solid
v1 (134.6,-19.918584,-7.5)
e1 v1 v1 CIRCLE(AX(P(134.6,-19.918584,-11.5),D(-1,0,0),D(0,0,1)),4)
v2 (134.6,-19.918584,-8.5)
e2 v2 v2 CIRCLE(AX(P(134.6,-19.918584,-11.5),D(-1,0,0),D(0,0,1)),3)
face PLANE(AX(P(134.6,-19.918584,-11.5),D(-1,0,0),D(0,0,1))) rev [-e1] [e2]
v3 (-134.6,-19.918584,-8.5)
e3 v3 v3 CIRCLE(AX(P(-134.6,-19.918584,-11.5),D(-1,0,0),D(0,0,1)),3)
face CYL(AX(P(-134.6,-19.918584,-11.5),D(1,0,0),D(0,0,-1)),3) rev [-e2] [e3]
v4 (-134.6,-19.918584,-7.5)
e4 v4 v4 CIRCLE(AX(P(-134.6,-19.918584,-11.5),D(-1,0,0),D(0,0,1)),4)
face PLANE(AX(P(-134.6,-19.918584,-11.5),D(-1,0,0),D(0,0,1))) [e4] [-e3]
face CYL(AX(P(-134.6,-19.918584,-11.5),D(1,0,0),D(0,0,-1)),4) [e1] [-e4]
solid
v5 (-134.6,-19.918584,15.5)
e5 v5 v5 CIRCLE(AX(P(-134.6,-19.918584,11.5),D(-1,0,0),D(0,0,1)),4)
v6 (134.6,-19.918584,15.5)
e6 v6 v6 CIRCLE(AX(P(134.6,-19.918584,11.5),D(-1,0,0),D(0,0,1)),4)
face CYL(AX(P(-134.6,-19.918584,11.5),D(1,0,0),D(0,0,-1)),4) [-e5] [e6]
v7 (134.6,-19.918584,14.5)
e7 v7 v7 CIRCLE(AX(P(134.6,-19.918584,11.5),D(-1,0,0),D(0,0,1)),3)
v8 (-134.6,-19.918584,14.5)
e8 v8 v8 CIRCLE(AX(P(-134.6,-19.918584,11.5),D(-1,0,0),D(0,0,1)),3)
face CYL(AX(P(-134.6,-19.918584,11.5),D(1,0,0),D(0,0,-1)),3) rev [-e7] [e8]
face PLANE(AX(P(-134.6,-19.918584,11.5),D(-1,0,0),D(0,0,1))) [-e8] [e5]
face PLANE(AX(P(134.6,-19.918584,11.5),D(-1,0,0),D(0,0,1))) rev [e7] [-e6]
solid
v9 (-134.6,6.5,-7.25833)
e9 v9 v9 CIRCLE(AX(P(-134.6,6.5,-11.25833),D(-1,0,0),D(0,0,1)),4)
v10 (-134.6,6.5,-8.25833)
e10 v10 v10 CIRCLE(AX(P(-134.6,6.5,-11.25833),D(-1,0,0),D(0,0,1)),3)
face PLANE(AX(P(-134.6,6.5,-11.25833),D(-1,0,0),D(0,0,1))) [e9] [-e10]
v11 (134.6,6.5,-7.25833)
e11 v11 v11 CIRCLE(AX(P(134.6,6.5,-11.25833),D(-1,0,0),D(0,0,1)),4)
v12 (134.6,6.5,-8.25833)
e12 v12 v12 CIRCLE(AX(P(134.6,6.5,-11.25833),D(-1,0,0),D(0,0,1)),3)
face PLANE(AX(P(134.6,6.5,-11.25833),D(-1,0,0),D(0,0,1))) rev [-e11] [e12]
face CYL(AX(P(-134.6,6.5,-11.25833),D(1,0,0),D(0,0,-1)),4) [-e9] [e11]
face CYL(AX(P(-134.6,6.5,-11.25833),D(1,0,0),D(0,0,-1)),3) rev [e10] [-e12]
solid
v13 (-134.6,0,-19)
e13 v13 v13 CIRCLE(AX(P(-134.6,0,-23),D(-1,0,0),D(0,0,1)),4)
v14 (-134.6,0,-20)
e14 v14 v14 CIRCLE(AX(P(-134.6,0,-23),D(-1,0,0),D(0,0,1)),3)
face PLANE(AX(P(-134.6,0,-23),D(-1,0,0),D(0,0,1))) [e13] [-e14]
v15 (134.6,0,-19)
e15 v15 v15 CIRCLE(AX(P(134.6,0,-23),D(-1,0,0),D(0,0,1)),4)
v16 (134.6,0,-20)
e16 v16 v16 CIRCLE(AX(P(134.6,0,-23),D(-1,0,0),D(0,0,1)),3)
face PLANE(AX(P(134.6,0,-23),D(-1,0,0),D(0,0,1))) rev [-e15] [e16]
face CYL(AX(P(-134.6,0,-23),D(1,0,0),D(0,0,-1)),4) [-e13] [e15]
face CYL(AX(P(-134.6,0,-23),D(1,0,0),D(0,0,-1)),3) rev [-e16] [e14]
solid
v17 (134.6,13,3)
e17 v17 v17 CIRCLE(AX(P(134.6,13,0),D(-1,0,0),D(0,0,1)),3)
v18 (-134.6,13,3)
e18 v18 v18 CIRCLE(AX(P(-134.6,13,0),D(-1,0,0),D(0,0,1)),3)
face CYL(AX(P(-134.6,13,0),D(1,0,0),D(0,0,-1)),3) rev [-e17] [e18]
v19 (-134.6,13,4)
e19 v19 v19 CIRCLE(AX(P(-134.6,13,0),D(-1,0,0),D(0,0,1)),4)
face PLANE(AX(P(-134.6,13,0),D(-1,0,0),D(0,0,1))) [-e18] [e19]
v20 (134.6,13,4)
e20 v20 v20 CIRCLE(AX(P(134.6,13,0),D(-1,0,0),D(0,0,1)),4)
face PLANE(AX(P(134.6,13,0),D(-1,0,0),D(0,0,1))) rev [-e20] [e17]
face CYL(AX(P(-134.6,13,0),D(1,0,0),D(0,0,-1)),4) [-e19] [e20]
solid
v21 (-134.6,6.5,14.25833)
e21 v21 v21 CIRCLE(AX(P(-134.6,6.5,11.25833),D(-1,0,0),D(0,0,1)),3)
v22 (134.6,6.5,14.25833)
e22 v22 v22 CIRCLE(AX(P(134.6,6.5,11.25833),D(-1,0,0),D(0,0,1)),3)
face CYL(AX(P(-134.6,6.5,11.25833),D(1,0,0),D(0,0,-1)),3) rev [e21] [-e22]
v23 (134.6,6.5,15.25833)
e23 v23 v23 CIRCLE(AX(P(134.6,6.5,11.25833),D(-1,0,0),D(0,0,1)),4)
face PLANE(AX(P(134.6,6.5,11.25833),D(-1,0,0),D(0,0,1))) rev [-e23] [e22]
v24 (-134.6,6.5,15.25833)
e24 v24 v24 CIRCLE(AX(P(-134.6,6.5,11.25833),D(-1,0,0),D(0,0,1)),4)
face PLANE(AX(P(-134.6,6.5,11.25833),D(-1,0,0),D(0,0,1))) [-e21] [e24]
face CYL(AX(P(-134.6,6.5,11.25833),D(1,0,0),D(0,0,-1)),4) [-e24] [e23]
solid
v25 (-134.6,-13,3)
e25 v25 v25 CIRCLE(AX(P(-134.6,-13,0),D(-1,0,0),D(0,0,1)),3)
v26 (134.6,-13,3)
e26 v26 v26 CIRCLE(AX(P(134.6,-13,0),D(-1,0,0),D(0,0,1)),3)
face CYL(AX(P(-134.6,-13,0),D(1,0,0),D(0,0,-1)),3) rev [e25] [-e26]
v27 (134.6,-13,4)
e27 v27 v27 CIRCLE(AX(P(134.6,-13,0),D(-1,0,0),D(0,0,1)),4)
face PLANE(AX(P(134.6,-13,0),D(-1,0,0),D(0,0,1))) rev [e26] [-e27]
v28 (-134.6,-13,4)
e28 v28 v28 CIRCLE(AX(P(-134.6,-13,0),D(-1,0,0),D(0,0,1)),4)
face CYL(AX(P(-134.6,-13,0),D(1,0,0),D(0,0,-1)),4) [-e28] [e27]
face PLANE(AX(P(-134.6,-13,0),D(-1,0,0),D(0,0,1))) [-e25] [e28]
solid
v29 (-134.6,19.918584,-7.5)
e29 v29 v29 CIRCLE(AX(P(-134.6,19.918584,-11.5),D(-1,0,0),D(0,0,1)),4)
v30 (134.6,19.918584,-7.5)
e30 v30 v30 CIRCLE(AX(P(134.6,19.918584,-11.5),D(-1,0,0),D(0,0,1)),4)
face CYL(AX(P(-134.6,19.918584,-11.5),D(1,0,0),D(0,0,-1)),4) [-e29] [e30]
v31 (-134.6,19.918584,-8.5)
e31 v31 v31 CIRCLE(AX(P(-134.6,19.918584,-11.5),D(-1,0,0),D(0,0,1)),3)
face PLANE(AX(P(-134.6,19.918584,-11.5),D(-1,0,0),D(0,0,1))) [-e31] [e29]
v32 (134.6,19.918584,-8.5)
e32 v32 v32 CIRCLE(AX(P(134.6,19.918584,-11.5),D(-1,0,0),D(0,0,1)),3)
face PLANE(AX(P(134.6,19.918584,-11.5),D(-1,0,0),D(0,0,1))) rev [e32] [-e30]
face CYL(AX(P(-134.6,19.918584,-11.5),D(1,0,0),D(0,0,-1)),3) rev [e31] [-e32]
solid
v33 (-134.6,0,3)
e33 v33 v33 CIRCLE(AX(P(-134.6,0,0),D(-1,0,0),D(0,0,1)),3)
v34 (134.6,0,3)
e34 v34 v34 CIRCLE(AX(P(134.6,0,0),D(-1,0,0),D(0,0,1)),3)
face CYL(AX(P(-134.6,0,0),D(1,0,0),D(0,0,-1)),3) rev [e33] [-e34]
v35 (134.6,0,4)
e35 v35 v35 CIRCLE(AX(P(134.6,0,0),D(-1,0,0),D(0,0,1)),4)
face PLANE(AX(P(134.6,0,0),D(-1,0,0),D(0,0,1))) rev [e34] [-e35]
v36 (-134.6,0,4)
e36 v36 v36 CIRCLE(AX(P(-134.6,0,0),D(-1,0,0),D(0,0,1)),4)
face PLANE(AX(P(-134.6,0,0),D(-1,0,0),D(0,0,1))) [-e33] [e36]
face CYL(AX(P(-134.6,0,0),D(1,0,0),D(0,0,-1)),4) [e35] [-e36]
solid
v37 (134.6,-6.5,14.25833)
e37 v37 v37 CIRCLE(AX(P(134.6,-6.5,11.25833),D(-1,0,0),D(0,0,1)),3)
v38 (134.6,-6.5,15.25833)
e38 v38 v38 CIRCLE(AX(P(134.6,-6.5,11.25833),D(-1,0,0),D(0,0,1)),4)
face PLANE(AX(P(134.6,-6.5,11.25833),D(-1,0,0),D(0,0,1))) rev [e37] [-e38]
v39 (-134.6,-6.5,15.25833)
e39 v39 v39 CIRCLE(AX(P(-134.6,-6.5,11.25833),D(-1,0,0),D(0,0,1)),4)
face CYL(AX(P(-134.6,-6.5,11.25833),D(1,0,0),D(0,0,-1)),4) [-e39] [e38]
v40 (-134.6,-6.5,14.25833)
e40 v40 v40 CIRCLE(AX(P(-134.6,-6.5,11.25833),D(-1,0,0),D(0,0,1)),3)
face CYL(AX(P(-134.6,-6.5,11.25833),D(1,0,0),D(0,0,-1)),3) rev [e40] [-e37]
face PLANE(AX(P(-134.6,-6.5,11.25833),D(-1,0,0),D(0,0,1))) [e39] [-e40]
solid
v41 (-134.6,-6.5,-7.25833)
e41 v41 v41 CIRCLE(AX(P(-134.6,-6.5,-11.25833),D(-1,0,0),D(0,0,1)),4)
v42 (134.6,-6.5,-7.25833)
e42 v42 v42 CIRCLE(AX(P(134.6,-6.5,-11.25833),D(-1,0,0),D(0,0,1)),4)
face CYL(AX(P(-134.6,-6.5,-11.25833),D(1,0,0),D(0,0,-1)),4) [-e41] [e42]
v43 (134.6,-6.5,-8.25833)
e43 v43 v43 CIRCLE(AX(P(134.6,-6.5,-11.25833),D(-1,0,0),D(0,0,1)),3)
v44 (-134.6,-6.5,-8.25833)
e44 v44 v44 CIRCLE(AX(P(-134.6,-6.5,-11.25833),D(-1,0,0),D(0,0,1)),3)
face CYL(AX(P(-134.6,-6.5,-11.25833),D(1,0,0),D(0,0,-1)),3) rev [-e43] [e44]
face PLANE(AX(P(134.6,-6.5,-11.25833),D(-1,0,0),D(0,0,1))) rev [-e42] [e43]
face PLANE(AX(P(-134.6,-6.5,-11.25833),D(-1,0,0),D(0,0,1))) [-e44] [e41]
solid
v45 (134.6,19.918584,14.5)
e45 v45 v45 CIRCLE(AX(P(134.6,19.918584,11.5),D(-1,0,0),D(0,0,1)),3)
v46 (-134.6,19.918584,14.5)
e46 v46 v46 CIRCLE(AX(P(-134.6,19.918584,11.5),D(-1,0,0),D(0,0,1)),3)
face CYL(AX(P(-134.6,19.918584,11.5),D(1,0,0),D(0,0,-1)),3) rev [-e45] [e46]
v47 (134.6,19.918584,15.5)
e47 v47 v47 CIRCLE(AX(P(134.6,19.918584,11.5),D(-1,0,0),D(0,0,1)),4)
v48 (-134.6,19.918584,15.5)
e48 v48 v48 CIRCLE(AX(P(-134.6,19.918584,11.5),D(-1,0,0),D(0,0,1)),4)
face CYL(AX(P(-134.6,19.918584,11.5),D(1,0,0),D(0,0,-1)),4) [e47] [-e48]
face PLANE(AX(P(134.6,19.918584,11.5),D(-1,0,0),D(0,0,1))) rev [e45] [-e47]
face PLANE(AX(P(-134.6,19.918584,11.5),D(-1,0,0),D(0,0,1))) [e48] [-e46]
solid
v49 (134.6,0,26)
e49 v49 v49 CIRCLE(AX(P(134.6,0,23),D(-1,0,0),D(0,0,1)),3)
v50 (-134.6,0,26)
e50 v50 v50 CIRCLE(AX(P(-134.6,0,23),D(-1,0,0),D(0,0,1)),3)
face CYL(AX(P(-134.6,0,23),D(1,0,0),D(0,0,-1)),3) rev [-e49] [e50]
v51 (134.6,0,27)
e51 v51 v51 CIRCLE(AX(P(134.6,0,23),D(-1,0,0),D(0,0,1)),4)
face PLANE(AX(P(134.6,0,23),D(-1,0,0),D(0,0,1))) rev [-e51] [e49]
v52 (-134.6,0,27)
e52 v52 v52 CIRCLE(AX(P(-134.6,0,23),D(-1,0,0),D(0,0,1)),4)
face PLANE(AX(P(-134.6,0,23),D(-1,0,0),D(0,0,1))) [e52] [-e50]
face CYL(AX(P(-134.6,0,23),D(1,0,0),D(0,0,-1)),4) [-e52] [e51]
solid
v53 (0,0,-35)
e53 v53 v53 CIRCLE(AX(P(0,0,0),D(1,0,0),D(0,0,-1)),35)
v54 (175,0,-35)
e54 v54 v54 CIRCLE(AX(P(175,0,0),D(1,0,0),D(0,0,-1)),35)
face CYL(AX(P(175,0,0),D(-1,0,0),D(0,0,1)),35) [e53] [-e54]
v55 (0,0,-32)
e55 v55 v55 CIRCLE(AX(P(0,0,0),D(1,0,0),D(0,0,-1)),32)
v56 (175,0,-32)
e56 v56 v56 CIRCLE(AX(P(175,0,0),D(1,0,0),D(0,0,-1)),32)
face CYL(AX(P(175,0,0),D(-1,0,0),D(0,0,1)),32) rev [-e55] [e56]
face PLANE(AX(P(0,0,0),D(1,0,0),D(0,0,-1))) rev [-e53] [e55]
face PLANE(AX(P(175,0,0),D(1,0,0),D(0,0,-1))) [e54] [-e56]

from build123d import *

# Parameters (mm, degrees)
SKETCH1_R                  = 35
SKETCH1_R_2                = 32
BOSS_EXTRUDE2_DEPTH        = 175
BOSS_EXTRUDE3_DEPTH        = 134.6
BOSS_EXTRUDE3_DEPTH_BACK   = 134.6
SKETCH5_R                  = 4
SKETCH5_R_2                = 3
BOSS_EXTRUDE4_DEPTH        = 134.6
BOSS_EXTRUDE4_DEPTH_BACK   = 134.6
SKETCH7_R                  = 4
SKETCH7_R_2                = 3
BOSS_EXTRUDE4_2_DEPTH      = 134.6
BOSS_EXTRUDE4_2_DEPTH_BACK = 134.6
BOSS_EXTRUDE4_3_DEPTH      = 134.6
BOSS_EXTRUDE4_3_DEPTH_BACK = 134.6
BOSS_EXTRUDE4_4_DEPTH      = 134.6
BOSS_EXTRUDE4_4_DEPTH_BACK = 134.6
BOSS_EXTRUDE4_5_DEPTH      = 134.6
BOSS_EXTRUDE4_5_DEPTH_BACK = 134.6
BOSS_EXTRUDE4_6_DEPTH      = 134.6
BOSS_EXTRUDE4_6_DEPTH_BACK = 134.6
BOSS_EXTRUDE5_DEPTH        = 134.6
BOSS_EXTRUDE5_DEPTH_BACK   = 134.6
SKETCH9_R                  = 4
SKETCH9_R_2                = 3
BOSS_EXTRUDE5_2_DEPTH      = 134.6
BOSS_EXTRUDE5_2_DEPTH_BACK = 134.6
BOSS_EXTRUDE5_3_DEPTH      = 134.6
BOSS_EXTRUDE5_3_DEPTH_BACK = 134.6
BOSS_EXTRUDE5_4_DEPTH      = 134.6
BOSS_EXTRUDE5_4_DEPTH_BACK = 134.6
BOSS_EXTRUDE5_5_DEPTH      = 134.6
BOSS_EXTRUDE5_5_DEPTH_BACK = 134.6
BOSS_EXTRUDE5_6_DEPTH      = 134.6
BOSS_EXTRUDE5_6_DEPTH_BACK = 134.6


with BuildPart() as part:
    # Sketch1 → Boss-Extrude2 (new body)
    with BuildSketch(Plane(origin=(0, 0, 0), x_dir=(0, 0, -1), z_dir=(1, 0, 0))):
        Circle(SKETCH1_R)
        Circle(SKETCH1_R_2, mode=Mode.SUBTRACT)
    extrude(amount=BOSS_EXTRUDE2_DEPTH)


with BuildPart() as body_2:
    # Sketch5 → Boss-Extrude3 (new, two sides: drawn at the far end of the back side and taken through both)
    with BuildSketch(Plane.ZY.offset(-BOSS_EXTRUDE3_DEPTH_BACK)):
        Circle(SKETCH5_R)
        Circle(SKETCH5_R_2, mode=Mode.SUBTRACT)
    extrude(amount=BOSS_EXTRUDE3_DEPTH + BOSS_EXTRUDE3_DEPTH_BACK)


with BuildPart() as body_3:
    # Sketch7 → Boss-Extrude4 (new, two sides: drawn at the far end of the back side and taken through both)
    with BuildSketch(Plane.ZY.offset(-BOSS_EXTRUDE4_DEPTH_BACK)):
        with Locations((0, 13)):
            Circle(SKETCH7_R)
        with Locations((0, 13)):
            Circle(SKETCH7_R_2, mode=Mode.SUBTRACT)
    extrude(amount=BOSS_EXTRUDE4_DEPTH + BOSS_EXTRUDE4_DEPTH_BACK)


with BuildPart() as body_4:
    # Sketch7 → Boss-Extrude4 2 (new, two sides: drawn at the far end of the back side and taken through both)
    with BuildSketch(Plane.ZY.offset(-BOSS_EXTRUDE4_2_DEPTH_BACK)):
        with Locations((11.258330249, 6.5)):
            Circle(SKETCH7_R)
        with Locations((11.258330249, 6.5)):
            Circle(SKETCH7_R_2, mode=Mode.SUBTRACT)
    extrude(amount=BOSS_EXTRUDE4_2_DEPTH + BOSS_EXTRUDE4_2_DEPTH_BACK)


with BuildPart() as body_5:
    # Sketch7 → Boss-Extrude4 3 (new, two sides: drawn at the far end of the back side and taken through both)
    with BuildSketch(Plane.ZY.offset(-BOSS_EXTRUDE4_3_DEPTH_BACK)):
        with Locations((11.258330249, -6.5)):
            Circle(SKETCH7_R)
        with Locations((11.258330249, -6.5)):
            Circle(SKETCH7_R_2, mode=Mode.SUBTRACT)
    extrude(amount=BOSS_EXTRUDE4_3_DEPTH + BOSS_EXTRUDE4_3_DEPTH_BACK)


with BuildPart() as body_6:
    # Sketch7 → Boss-Extrude4 4 (new, two sides: drawn at the far end of the back side and taken through both)
    with BuildSketch(Plane.ZY.offset(-BOSS_EXTRUDE4_4_DEPTH_BACK)):
        with Locations((0, -13)):
            Circle(SKETCH7_R)
        with Locations((0, -13)):
            Circle(SKETCH7_R_2, mode=Mode.SUBTRACT)
    extrude(amount=BOSS_EXTRUDE4_4_DEPTH + BOSS_EXTRUDE4_4_DEPTH_BACK)


with BuildPart() as body_7:
    # Sketch7 → Boss-Extrude4 5 (new, two sides: drawn at the far end of the back side and taken through both)
    with BuildSketch(Plane.ZY.offset(-BOSS_EXTRUDE4_5_DEPTH_BACK)):
        with Locations((-11.258330249, -6.5)):
            Circle(SKETCH7_R)
        with Locations((-11.258330249, -6.5)):
            Circle(SKETCH7_R_2, mode=Mode.SUBTRACT)
    extrude(amount=BOSS_EXTRUDE4_5_DEPTH + BOSS_EXTRUDE4_5_DEPTH_BACK)


with BuildPart() as body_8:
    # Sketch7 → Boss-Extrude4 6 (new, two sides: drawn at the far end of the back side and taken through both)
    with BuildSketch(Plane.ZY.offset(-BOSS_EXTRUDE4_6_DEPTH_BACK)):
        with Locations((-11.258330249, 6.5)):
            Circle(SKETCH7_R)
        with Locations((-11.258330249, 6.5)):
            Circle(SKETCH7_R_2, mode=Mode.SUBTRACT)
    extrude(amount=BOSS_EXTRUDE4_6_DEPTH + BOSS_EXTRUDE4_6_DEPTH_BACK)


with BuildPart() as body_9:
    # Sketch9 → Boss-Extrude5 (new, two sides: drawn at the far end of the back side and taken through both)
    with BuildSketch(Plane.ZY.offset(-BOSS_EXTRUDE5_DEPTH_BACK)):
        with Locations((11.5, 19.918584287)):
            Circle(SKETCH9_R)
        with Locations((11.5, 19.918584287)):
            Circle(SKETCH9_R_2, mode=Mode.SUBTRACT)
    extrude(amount=BOSS_EXTRUDE5_DEPTH + BOSS_EXTRUDE5_DEPTH_BACK)


with BuildPart() as body_10:
    # Sketch9 → Boss-Extrude5 2 (new, two sides: drawn at the far end of the back side and taken through both)
    with BuildSketch(Plane.ZY.offset(-BOSS_EXTRUDE5_2_DEPTH_BACK)):
        with Locations((23, 0)):
            Circle(SKETCH9_R)
        with Locations((23, 0)):
            Circle(SKETCH9_R_2, mode=Mode.SUBTRACT)
    extrude(amount=BOSS_EXTRUDE5_2_DEPTH + BOSS_EXTRUDE5_2_DEPTH_BACK)


with BuildPart() as body_11:
    # Sketch9 → Boss-Extrude5 3 (new, two sides: drawn at the far end of the back side and taken through both)
    with BuildSketch(Plane.ZY.offset(-BOSS_EXTRUDE5_3_DEPTH_BACK)):
        with Locations((11.5, -19.918584287)):
            Circle(SKETCH9_R)
        with Locations((11.5, -19.918584287)):
            Circle(SKETCH9_R_2, mode=Mode.SUBTRACT)
    extrude(amount=BOSS_EXTRUDE5_3_DEPTH + BOSS_EXTRUDE5_3_DEPTH_BACK)


with BuildPart() as body_12:
    # Sketch9 → Boss-Extrude5 4 (new, two sides: drawn at the far end of the back side and taken through both)
    with BuildSketch(Plane.ZY.offset(-BOSS_EXTRUDE5_4_DEPTH_BACK)):
        with Locations((-11.5, -19.918584287)):
            Circle(SKETCH9_R)
        with Locations((-11.5, -19.918584287)):
            Circle(SKETCH9_R_2, mode=Mode.SUBTRACT)
    extrude(amount=BOSS_EXTRUDE5_4_DEPTH + BOSS_EXTRUDE5_4_DEPTH_BACK)


with BuildPart() as body_13:
    # Sketch9 → Boss-Extrude5 5 (new, two sides: drawn at the far end of the back side and taken through both)
    with BuildSketch(Plane.ZY.offset(-BOSS_EXTRUDE5_5_DEPTH_BACK)):
        with Locations((-23, 0)):
            Circle(SKETCH9_R)
        with Locations((-23, 0)):
            Circle(SKETCH9_R_2, mode=Mode.SUBTRACT)
    extrude(amount=BOSS_EXTRUDE5_5_DEPTH + BOSS_EXTRUDE5_5_DEPTH_BACK)


with BuildPart() as body_14:
    # Sketch9 → Boss-Extrude5 6 (new, two sides: drawn at the far end of the back side and taken through both)
    with BuildSketch(Plane.ZY.offset(-BOSS_EXTRUDE5_6_DEPTH_BACK)):
        with Locations((-11.5, 19.918584287)):
            Circle(SKETCH9_R)
        with Locations((-11.5, 19.918584287)):
            Circle(SKETCH9_R_2, mode=Mode.SUBTRACT)
    extrude(amount=BOSS_EXTRUDE5_6_DEPTH + BOSS_EXTRUDE5_6_DEPTH_BACK)


solid = Compound([part.part, body_2.part, body_3.part, body_4.part, body_5.part, body_6.part, body_7.part, body_8.part, body_9.part, body_10.part, body_11.part, body_12.part, body_13.part, body_14.part])
